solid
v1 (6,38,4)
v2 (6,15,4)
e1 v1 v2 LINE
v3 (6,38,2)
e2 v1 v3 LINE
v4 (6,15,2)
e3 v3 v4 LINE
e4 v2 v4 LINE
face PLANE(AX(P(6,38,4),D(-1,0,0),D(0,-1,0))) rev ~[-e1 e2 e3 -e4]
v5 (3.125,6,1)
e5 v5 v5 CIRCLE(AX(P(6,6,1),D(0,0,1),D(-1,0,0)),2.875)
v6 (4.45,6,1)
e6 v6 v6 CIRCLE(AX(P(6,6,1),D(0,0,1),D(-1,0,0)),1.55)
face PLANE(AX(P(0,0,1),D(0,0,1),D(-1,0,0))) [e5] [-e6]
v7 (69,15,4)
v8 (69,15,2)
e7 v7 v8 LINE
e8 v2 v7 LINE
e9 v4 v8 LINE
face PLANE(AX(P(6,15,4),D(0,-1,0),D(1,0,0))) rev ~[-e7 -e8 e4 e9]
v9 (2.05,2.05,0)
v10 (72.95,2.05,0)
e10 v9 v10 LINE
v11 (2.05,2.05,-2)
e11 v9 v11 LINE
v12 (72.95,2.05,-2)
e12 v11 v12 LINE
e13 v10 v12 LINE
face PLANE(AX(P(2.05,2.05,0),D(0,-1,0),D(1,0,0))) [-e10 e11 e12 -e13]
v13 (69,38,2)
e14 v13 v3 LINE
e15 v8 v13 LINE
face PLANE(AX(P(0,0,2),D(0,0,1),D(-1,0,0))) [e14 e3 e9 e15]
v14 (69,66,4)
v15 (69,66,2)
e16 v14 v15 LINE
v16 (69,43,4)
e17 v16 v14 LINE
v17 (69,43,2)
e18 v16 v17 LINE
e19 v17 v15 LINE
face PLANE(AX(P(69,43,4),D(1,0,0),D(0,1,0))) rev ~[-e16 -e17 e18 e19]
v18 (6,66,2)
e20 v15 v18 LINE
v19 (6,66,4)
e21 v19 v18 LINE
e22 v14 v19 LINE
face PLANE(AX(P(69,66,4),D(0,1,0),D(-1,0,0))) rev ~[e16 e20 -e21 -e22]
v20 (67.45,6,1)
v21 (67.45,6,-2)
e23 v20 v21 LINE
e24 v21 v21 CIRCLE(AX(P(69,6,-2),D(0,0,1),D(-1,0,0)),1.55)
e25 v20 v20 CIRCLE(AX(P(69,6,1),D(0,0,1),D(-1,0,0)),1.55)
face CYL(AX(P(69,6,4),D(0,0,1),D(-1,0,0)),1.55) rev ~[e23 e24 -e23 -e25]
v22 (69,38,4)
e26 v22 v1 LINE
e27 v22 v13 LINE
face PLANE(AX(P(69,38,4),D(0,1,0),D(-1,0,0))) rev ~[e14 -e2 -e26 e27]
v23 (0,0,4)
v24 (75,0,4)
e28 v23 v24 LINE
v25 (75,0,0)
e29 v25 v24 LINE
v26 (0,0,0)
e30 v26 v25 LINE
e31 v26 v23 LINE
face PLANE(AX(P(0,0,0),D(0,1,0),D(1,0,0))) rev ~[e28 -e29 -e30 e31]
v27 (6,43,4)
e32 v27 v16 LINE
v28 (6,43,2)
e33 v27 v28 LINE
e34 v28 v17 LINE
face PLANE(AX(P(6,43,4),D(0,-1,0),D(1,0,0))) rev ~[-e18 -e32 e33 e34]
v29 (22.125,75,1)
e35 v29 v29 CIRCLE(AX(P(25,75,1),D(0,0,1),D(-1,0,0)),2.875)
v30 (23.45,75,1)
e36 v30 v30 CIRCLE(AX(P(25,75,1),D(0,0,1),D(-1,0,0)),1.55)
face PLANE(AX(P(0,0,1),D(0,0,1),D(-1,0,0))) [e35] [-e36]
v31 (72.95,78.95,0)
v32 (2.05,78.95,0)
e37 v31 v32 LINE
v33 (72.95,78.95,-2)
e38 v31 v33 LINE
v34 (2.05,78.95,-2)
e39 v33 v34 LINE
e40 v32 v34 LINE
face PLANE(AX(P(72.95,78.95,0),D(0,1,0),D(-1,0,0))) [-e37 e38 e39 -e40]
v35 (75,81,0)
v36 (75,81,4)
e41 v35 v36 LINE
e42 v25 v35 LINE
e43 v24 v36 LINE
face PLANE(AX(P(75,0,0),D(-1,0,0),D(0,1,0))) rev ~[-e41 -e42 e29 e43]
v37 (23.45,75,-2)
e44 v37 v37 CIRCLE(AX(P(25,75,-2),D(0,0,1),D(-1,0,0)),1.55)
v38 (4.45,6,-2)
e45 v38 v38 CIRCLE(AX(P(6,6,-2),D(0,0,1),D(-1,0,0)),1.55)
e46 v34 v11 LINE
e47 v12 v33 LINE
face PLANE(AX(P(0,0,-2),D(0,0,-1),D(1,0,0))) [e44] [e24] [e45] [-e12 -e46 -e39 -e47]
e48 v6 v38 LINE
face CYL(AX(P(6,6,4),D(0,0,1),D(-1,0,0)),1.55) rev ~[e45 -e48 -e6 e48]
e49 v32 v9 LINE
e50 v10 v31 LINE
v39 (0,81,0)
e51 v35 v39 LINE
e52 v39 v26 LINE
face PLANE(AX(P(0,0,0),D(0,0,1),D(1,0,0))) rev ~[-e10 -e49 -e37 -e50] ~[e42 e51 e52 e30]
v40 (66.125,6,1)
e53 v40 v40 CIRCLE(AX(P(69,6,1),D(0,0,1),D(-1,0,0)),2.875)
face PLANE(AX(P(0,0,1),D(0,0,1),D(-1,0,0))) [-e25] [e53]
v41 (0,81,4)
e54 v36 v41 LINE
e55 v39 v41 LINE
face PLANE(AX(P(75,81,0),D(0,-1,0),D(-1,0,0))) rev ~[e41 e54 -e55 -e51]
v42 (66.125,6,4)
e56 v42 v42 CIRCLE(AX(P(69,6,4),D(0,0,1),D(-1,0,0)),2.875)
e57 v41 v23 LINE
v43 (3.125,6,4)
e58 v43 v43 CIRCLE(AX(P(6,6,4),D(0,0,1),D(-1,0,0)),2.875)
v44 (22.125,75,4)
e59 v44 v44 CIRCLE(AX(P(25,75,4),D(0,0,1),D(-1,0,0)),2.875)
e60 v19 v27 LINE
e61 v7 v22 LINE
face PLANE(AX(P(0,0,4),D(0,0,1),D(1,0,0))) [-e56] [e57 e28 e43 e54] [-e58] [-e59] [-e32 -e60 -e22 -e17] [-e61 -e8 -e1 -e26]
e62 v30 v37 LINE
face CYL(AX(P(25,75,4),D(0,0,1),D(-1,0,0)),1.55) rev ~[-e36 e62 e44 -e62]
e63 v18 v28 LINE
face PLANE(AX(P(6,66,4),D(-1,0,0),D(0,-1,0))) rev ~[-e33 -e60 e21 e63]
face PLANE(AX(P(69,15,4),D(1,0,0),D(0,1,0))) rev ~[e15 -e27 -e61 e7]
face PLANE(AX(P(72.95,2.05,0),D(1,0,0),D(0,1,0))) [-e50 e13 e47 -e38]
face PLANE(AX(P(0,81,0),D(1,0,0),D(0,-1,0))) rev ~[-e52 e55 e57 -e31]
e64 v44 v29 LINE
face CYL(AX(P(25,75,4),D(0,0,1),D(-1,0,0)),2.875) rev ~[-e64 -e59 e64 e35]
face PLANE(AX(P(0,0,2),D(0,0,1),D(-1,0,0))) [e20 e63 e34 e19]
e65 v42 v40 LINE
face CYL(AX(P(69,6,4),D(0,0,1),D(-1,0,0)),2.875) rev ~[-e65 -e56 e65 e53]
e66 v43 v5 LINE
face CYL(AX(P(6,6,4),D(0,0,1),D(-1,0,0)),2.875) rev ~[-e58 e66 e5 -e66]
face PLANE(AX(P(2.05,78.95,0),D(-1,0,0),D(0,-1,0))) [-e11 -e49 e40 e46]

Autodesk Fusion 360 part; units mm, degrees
sketch "Sketch1" plane through (0, 0, 0) normal (0, 0, 1) x (1, 0, 0)
  line L0 (0, 0) -> (75, 0)
  line L1 (75, 0) -> (75, 81)
  line L2 (75, 81) -> (0, 81)
  line L3 (0, 81) -> (0, 0)
  dimension "d1" = 81
  dimension "d2" = 75
extrude "Extrude1" add sketch "Sketch1" along normal blind 4
sketch "Sketch2" plane through (0, 0, 0) normal (0, 0, -1) x (1, 0, 0)
  line L0 (0, 0) -> (0, -81)
  line L1 (0, -81) -> (75, -81)
  line L2 (75, -81) -> (75, 0)
  line L3 (75, 0) -> (0, 0)
  line L4 (72.95, -78.95) -> (2.05, -78.95)
  line L5 (2.05, -78.95) -> (2.05, -2.05)
  line L6 (2.05, -2.05) -> (72.95, -2.05)
  line L7 (72.95, -2.05) -> (72.95, -78.95)
  dimension "d6" = 2.05
  dimension "d7" = 2.05
  dimension "d8" = 2.05
  dimension "d9" = 2.05
extrude "Extrude2" add sketch "Sketch2" along normal blind 2 contours L4 L5 L6 L7
sketch "Sketch3" plane through (0, 0, 4) normal (0, 0, 1) x (-1, 0, 0)
  line L0 (0, -81) -> (0, 0)
  line L1 (0, 0) -> (-75, 0)
  line L2 (-75, 0) -> (-75, -81)
  line L3 (-75, -81) -> (0, -81)
  circle A0 centre (-6, -6) radius 2.875
  circle A1 centre (-69, -6) radius 2.875
  circle A2 centre (-25, -75) radius 2.875
  dimension "d12" = 25
  dimension "d13" = 5.75
  dimension "d14" = 6
  dimension "d15" = 6
  dimension "d16" = 6
  dimension "d17" = 6
  dimension "d18" = 6
  dimension "d19" = 5.75
  dimension "d20" = 5.75
extrude "Extrude3" cut sketch "Sketch3" against normal blind 3 contours A0 | A1 | A2
sketch "Sketch4" plane through (0, 0, 4) normal (0, 0, 1) x (-1, 0, 0)
  circle A0 centre (-25, -75) radius 2.875
  circle A1 centre (-6, -6) radius 2.875
  circle A2 centre (-69, -6) radius 2.875
  line L0 (0, -81) -> (0, 0)
  line L1 (0, 0) -> (-75, 0)
  line L2 (-75, 0) -> (-75, -81)
  line L3 (-75, -81) -> (0, -81)
  circle A3 centre (-6, -6) radius 1.55
  circle A4 centre (-69, -6) radius 1.55
  circle A5 centre (-25, -75) radius 1.55
  dimension "d23" = 3.1
  dimension "d24" = 3.1
  dimension "d25" = 3.1
extrude "Extrude4" cut sketch "Sketch4" against normal blind 16 contours A3 | A4 | A5
sketch "Sketch5" plane through (0, 0, 4) normal (0, 0, 1) x (-1, 0, 0)
  circle A0 centre (-25, -75) radius 2.875
  circle A1 centre (-6, -6) radius 2.875
  circle A2 centre (-69, -6) radius 2.875
  line L0 (0, -81) -> (0, 0)
  line L1 (0, 0) -> (-75, 0)
  line L2 (-75, 0) -> (-75, -81)
  line L3 (-75, -81) -> (0, -81)
  line L4 (-69, -66) -> (-6, -66)
  line L5 (-6, -66) -> (-6, -43)
  line L6 (-6, -43) -> (-69, -43)
  line L7 (-69, -43) -> (-69, -66)
  line L8 (-69, -38) -> (-6, -38)
  line L9 (-6, -38) -> (-6, -15)
  line L10 (-6, -15) -> (-69, -15)
  line L11 (-69, -15) -> (-69, -38)
  dimension "d28" = 23
  dimension "d29" = 15
  dimension "d30" = 23
  dimension "d31" = 15
  dimension "d32" = 6
  dimension "d33" = 6
  dimension "d34" = 6
  dimension "d35" = 6
extrude "Extrude5" cut sketch "Sketch5" against normal blind 2 contours L4 L5 L6 L7 | L8 L9 L10 L11
